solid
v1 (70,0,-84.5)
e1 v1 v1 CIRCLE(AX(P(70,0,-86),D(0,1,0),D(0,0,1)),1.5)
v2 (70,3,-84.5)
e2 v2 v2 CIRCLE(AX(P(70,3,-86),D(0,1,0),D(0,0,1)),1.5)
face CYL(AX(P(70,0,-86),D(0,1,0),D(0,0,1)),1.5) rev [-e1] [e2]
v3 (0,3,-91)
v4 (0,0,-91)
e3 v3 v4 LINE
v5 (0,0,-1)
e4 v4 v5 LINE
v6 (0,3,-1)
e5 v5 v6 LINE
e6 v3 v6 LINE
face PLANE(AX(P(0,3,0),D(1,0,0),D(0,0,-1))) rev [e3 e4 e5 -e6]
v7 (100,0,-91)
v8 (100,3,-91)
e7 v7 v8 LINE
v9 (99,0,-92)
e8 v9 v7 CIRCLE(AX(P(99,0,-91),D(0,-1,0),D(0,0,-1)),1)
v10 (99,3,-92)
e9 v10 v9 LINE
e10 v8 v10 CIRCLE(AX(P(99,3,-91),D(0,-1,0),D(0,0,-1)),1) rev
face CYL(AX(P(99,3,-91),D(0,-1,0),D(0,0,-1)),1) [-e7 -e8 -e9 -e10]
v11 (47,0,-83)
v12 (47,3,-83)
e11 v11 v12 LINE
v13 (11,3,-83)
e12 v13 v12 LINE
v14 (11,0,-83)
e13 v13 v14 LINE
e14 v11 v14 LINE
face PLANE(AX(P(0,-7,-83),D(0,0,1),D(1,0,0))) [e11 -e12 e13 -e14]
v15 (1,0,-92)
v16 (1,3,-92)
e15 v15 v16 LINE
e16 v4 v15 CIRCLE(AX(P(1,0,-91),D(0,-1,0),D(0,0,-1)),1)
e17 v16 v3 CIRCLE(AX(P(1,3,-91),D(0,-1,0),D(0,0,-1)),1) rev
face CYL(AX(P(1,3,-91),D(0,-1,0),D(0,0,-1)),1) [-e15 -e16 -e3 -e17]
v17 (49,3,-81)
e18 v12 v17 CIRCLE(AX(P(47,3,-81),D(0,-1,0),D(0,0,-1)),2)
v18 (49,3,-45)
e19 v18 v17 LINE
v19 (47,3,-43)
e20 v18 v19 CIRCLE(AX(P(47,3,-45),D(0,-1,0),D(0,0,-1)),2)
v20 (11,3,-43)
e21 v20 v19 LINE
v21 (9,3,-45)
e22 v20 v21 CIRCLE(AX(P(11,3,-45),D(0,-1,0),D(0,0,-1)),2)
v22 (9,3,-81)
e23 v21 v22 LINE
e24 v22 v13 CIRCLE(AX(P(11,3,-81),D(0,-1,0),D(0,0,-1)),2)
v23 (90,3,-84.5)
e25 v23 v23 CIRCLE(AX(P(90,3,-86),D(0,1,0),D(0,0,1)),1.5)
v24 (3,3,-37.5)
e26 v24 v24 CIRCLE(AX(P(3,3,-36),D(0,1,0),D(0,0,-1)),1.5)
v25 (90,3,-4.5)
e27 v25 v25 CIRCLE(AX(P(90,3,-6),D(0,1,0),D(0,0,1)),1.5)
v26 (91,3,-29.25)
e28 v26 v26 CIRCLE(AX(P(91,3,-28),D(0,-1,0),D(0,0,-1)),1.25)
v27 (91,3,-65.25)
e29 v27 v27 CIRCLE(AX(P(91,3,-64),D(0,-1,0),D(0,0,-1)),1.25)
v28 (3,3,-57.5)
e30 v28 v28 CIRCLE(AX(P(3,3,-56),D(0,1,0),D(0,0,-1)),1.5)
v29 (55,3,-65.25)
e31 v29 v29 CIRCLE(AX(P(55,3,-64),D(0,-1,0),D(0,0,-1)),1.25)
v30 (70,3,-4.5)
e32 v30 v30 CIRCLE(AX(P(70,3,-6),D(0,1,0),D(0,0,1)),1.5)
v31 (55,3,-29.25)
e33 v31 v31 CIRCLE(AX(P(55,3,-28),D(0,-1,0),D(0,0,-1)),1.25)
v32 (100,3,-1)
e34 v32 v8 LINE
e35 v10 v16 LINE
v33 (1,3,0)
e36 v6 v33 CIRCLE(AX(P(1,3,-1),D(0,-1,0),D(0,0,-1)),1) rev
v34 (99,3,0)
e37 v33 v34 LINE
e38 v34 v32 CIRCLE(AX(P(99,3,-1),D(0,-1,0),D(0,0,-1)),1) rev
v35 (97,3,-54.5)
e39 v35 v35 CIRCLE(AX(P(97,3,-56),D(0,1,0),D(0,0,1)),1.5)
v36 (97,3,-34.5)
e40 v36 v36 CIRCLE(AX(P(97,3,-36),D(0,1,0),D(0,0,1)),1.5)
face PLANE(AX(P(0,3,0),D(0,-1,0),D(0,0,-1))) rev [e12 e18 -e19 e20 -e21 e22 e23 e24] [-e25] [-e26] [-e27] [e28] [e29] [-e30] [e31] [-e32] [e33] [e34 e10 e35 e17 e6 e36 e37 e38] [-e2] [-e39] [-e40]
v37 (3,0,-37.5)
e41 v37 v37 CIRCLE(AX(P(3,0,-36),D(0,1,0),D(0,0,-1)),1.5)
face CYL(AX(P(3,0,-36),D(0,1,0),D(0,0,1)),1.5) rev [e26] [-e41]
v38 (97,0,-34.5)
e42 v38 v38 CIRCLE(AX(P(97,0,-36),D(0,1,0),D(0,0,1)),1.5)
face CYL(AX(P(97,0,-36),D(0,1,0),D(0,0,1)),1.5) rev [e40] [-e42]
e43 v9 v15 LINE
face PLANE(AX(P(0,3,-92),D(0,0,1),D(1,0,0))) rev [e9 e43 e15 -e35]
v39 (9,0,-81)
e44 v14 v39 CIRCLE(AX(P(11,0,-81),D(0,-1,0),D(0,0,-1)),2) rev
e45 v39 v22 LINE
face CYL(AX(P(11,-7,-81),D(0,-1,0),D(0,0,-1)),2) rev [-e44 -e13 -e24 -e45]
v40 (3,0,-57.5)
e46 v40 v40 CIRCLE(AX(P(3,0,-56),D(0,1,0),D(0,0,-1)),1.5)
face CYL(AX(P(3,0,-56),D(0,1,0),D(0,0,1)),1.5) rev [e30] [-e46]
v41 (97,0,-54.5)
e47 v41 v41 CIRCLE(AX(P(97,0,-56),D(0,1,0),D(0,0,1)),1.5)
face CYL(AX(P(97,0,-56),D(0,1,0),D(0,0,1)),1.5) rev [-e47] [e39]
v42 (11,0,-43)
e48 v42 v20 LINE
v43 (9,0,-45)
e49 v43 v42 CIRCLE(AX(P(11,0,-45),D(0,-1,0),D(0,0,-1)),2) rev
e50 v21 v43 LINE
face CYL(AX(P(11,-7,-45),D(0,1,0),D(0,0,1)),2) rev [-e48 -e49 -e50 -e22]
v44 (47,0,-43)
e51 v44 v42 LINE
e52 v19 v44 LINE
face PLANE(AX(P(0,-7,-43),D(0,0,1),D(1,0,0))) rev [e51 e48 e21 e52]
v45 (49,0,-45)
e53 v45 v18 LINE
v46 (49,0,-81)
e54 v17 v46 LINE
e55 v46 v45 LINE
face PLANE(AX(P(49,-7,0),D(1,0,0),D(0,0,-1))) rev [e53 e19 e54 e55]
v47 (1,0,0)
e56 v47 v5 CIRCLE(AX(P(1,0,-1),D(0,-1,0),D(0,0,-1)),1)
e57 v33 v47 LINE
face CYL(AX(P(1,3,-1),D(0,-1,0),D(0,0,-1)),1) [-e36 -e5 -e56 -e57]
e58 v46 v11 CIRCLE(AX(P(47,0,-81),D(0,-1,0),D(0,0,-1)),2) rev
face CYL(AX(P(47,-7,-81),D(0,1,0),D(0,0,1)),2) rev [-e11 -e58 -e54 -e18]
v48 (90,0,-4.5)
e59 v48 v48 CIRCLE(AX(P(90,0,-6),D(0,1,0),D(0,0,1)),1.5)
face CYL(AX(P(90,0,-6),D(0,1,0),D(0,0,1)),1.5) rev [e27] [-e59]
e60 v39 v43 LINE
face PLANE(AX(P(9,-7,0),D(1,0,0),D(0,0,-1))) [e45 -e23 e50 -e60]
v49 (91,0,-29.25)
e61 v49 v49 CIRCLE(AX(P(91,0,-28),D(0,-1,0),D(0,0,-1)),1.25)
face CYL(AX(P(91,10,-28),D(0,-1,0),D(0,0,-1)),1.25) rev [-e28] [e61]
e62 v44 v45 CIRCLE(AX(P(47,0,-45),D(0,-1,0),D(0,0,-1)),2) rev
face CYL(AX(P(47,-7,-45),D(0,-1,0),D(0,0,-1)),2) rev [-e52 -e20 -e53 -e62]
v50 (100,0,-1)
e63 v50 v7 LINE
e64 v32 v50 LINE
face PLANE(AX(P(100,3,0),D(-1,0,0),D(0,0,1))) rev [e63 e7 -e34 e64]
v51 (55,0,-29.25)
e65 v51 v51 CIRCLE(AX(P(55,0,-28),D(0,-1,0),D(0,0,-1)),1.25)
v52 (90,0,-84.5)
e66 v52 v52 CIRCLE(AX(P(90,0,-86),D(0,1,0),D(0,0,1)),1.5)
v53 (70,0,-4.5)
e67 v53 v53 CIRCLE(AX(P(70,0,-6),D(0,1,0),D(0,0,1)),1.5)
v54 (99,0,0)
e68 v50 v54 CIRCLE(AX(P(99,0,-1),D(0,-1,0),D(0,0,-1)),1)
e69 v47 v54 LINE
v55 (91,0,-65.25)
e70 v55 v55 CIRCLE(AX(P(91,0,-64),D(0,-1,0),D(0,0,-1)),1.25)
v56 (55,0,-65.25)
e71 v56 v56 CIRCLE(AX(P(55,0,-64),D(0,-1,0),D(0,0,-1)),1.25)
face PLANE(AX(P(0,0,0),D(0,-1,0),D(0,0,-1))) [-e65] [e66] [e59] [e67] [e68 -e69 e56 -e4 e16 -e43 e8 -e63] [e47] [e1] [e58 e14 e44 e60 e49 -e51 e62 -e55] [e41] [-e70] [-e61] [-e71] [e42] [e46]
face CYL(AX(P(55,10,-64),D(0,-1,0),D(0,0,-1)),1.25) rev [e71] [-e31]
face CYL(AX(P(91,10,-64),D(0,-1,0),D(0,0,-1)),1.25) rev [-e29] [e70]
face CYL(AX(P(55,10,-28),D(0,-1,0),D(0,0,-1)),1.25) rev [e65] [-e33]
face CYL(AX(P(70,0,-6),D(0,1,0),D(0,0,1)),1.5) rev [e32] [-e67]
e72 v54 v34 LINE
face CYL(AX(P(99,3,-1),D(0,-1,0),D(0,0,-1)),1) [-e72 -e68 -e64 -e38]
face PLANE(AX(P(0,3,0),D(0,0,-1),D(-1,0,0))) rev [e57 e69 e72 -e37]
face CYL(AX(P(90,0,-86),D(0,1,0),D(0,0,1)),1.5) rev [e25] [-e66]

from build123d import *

# Parameters (mm, degrees)
SKETCH_1_W          = 100
SKETCH_1_H          = 92
EXTRUDE_1_DEPTH     = 3
SKETCH_2_R          = 1.5
CUT_EXTRUDE_1_DEPTH = 136.915414873
SKETCH_3_W          = 40
SKETCH_3_H          = 40
CUT_EXTRUDE_2_DEPTH = 10
FILLET_1_R          = 2
FILLET_2_R          = 1
SKETCH_4_R          = 1.25
CUT_EXTRUDE_3_DEPTH = 10


with BuildPart() as part:
    # 草图1 → 凸台-拉伸1 (new body)
    with BuildSketch(Plane(origin=(0, 0, 0), x_dir=(1, 0, 0), z_dir=(0, 1, 0))):
        with Locations((50, 46)):
            Rectangle(SKETCH_1_W, SKETCH_1_H)
    extrude(amount=EXTRUDE_1_DEPTH)

    # 草图2 → 切除-拉伸1 (cut, through all)
    with BuildSketch(Plane(origin=(0, 3, 0), x_dir=(1, 0, 0), z_dir=(0, 1, 0))):
        with Locations(Location((90, 86, 0), (0, 0, 270))):
            Circle(SKETCH_2_R)
        with Locations(Location((70, 86, 0), (0, 0, 270))):
            Circle(SKETCH_2_R)
        with Locations(Location((70, 6, 0), (0, 0, 270))):
            Circle(SKETCH_2_R)
        with Locations(Location((90, 6, 0), (0, 0, 270))):
            Circle(SKETCH_2_R)
        with Locations(Location((97, 56, 0), (0, 0, 270))):
            Circle(SKETCH_2_R)
        with Locations(Location((97, 36, 0), (0, 0, 270))):
            Circle(SKETCH_2_R)
        with Locations(Location((3, 36, 0), (0, 0, 90))):
            Circle(SKETCH_2_R)
        with Locations(Location((3, 56, 0), (0, 0, 90))):
            Circle(SKETCH_2_R)
    extrude(amount=-CUT_EXTRUDE_1_DEPTH, mode=Mode.SUBTRACT)

    # 草图3 → 切除-拉伸2 (cut)
    with BuildSketch(Plane(origin=(0, 3, 0), x_dir=(1, 0, 0), z_dir=(0, 1, 0))):
        with Locations((29, 63)):
            Rectangle(SKETCH_3_W, SKETCH_3_H)
    extrude(amount=-CUT_EXTRUDE_2_DEPTH, mode=Mode.SUBTRACT)

    # 圆角1
    fillet_1_edges = [part.edges().sort_by_distance(p)[0] for p in [
        (49, 1.5, -43),
        (9, 1.5, -43),
        (9, 1.5, -83),
        (49, 1.5, -83),
    ]]
    fillet(fillet_1_edges, radius=FILLET_1_R)

    # 圆角2
    fillet_2_edges = [part.edges().sort_by_distance(p)[0] for p in [
        (0, 1.5, -92),
        (100, 1.5, -92),
        (100, 1.5, 0),
        (0, 1.5, 0),
    ]]
    fillet(fillet_2_edges, radius=FILLET_2_R)

    # 草图4 → 切除-拉伸3 (cut)
    with BuildSketch(Plane.XZ):
        with Locations(Location((55, -28, 0), (0, 0, 270))):
            Circle(SKETCH_4_R)
        with Locations(Location((91, -28, 0), (0, 0, 270))):
            Circle(SKETCH_4_R)
        with Locations(Location((55, -64, 0), (0, 0, 270))):
            Circle(SKETCH_4_R)
        with Locations(Location((91, -64, 0), (0, 0, 270))):
            Circle(SKETCH_4_R)
    extrude(amount=-CUT_EXTRUDE_3_DEPTH, mode=Mode.SUBTRACT)


solid = part.part
